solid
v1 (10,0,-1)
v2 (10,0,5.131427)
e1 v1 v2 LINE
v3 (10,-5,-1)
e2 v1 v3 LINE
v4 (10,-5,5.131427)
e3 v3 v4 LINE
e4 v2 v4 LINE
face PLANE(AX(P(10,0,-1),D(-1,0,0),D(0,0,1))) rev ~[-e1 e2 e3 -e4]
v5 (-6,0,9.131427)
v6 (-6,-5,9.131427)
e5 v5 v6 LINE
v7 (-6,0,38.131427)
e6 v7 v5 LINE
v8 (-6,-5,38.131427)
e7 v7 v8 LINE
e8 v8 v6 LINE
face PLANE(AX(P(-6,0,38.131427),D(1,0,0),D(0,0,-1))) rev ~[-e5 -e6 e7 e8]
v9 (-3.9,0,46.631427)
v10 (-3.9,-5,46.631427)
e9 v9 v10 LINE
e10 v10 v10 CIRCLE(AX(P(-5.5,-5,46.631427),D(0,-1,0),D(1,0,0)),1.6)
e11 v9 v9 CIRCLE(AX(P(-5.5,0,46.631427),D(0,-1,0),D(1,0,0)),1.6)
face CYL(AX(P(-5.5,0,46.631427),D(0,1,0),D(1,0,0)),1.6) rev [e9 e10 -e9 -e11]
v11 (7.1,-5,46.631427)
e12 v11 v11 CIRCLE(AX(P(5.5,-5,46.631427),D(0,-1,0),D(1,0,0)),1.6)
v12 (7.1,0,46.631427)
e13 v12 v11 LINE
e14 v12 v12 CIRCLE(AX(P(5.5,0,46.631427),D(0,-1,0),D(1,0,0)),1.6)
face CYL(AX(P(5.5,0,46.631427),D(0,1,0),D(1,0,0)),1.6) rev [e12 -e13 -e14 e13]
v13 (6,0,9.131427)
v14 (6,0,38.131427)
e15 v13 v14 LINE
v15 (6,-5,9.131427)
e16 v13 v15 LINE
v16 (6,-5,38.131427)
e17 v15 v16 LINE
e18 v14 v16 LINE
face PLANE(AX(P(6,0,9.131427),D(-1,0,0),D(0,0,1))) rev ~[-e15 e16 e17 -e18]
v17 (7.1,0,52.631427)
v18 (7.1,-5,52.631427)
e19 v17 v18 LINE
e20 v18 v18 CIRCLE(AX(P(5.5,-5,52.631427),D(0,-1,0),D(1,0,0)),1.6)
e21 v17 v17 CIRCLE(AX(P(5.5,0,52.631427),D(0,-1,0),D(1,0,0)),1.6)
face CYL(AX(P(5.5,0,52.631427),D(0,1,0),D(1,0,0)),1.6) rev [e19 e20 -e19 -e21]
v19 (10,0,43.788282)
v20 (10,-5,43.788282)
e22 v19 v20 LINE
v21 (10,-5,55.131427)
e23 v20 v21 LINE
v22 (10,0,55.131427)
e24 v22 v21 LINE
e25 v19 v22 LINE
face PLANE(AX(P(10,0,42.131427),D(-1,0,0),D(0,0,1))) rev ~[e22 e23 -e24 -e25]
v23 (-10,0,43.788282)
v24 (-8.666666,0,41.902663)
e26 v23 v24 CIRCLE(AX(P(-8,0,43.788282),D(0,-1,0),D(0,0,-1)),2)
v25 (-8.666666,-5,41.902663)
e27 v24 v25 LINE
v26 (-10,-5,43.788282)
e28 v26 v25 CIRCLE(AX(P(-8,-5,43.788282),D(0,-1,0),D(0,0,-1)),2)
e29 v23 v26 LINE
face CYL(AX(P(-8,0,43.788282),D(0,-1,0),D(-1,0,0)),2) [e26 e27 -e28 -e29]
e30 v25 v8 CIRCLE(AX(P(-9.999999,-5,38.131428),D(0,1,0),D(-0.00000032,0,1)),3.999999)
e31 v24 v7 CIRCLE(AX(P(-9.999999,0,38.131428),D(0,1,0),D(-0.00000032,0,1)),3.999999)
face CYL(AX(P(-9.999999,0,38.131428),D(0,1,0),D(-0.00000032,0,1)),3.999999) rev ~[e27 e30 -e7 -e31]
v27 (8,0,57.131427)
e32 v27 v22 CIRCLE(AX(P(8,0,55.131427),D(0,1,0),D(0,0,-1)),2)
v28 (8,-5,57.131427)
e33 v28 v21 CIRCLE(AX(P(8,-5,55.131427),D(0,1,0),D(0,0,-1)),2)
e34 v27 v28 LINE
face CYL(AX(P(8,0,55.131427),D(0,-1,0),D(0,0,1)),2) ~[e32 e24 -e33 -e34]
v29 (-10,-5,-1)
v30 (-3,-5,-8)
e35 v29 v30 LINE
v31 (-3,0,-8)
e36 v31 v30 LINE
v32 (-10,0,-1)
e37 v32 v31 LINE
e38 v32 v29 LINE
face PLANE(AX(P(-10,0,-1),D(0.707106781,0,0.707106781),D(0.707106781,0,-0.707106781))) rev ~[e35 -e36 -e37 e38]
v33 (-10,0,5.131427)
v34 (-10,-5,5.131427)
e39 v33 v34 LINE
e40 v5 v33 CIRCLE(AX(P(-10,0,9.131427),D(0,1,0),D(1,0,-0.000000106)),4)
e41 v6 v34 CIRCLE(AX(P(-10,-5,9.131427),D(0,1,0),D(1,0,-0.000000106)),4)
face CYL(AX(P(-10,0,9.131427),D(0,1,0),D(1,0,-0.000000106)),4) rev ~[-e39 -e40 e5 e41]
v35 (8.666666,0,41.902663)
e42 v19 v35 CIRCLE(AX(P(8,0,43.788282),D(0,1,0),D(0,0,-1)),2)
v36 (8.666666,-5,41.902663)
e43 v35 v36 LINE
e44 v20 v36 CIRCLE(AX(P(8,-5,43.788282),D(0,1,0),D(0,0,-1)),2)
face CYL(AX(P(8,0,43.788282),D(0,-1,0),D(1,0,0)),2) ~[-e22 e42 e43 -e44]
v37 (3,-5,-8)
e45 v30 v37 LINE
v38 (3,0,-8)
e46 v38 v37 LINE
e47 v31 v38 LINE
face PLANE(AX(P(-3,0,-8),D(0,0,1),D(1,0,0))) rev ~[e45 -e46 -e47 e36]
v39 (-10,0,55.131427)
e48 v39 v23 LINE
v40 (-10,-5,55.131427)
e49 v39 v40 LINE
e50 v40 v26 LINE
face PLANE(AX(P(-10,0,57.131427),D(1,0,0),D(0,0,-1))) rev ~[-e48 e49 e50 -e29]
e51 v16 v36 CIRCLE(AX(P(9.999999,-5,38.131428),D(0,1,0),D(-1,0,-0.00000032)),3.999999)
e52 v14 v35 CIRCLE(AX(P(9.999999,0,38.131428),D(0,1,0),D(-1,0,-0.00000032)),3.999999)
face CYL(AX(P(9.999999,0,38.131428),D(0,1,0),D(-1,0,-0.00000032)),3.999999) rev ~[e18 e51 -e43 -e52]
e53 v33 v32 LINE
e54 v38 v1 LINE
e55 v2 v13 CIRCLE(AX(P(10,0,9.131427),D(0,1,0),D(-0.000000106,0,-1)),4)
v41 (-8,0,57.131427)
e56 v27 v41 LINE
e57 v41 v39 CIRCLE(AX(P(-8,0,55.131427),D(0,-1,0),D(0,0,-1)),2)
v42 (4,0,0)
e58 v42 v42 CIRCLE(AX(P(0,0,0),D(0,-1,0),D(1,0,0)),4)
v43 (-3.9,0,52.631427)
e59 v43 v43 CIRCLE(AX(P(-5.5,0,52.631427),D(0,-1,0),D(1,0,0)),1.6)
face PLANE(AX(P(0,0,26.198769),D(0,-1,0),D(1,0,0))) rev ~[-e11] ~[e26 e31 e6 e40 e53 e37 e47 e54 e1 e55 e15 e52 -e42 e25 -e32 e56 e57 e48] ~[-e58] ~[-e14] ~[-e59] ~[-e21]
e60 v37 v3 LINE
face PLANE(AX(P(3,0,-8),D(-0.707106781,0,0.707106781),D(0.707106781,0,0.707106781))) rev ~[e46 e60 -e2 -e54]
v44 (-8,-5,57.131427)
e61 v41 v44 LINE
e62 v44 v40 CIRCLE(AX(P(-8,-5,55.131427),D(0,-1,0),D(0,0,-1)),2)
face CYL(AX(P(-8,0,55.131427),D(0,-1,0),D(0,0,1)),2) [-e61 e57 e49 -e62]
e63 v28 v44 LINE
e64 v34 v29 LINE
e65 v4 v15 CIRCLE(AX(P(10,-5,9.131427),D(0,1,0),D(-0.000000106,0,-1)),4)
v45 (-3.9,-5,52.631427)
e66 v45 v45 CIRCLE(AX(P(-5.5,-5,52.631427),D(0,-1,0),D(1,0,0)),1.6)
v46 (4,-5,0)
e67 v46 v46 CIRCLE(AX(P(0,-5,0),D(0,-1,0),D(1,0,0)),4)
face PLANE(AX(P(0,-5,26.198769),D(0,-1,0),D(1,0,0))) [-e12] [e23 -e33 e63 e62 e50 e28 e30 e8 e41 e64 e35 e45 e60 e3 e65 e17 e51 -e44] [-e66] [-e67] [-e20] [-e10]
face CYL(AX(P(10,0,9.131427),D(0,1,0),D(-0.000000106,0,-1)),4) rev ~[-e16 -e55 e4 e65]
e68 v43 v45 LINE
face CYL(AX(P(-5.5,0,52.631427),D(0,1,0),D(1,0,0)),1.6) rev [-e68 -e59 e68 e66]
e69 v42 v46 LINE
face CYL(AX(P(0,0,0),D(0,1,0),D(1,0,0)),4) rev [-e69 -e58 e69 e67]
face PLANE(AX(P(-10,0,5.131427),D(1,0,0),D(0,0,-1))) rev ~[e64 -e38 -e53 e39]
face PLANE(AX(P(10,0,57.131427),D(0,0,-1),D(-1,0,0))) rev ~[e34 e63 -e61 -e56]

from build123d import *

# Parameters (mm, degrees)
F0_R     = 4
F0_R_2   = 1.6
F1_DEPTH = 5
F2_R     = 2


with BuildPart() as f1:
    # F0 (on Front) → F1 (new body)
    with BuildSketch(Plane.XZ):
        with BuildLine():
            Line((10, 57.131427), (-10, 57.131427))
            Line((-10, 57.131427), (-10, 42.131427))
            ThreePointArc((-10, 42.131427), (-7.171573, 40.959855), (-6, 38.131427))
            Line((-6, 38.131427), (-6, 9.131427))
            ThreePointArc((-6, 9.131427), (-7.171573, 6.303), (-10, 5.131427))
            Line((-10, 5.131427), (-10, -1))
            Line((-10, -1), (-3, -8))
            Line((-3, -8), (3, -8))
            Line((3, -8), (10, -1))
            Line((10, -1), (10, 5.131427))
            ThreePointArc((10, 5.131427), (7.171573, 6.303), (6, 9.131427))
            Line((6, 9.131427), (6, 38.131427))
            ThreePointArc((6, 38.131427), (7.171573, 40.959855), (10, 42.131427))
            Line((10, 42.131427), (10, 57.131427))
        make_face()
        Circle(F0_R, mode=Mode.SUBTRACT)
        with Locations((-5.5, 46.631427)):
            Circle(F0_R_2, mode=Mode.SUBTRACT)
        with Locations((-5.5, 52.631427)):
            Circle(F0_R_2, mode=Mode.SUBTRACT)
        with Locations((5.5, 46.631427)):
            Circle(F0_R_2, mode=Mode.SUBTRACT)
        with Locations((5.5, 52.631427)):
            Circle(F0_R_2, mode=Mode.SUBTRACT)
    extrude(amount=F1_DEPTH)

    # F2
    f2_edges = [f1.edges().sort_by_distance(p)[0] for p in [
        (10, -2.5, 57.131427),
        (10, -2.5, 42.131427),
        (-10, -2.5, 42.131427),
        (-10, -2.5, 57.131427),
    ]]
    fillet(f2_edges, radius=F2_R)


solid = f1.part
